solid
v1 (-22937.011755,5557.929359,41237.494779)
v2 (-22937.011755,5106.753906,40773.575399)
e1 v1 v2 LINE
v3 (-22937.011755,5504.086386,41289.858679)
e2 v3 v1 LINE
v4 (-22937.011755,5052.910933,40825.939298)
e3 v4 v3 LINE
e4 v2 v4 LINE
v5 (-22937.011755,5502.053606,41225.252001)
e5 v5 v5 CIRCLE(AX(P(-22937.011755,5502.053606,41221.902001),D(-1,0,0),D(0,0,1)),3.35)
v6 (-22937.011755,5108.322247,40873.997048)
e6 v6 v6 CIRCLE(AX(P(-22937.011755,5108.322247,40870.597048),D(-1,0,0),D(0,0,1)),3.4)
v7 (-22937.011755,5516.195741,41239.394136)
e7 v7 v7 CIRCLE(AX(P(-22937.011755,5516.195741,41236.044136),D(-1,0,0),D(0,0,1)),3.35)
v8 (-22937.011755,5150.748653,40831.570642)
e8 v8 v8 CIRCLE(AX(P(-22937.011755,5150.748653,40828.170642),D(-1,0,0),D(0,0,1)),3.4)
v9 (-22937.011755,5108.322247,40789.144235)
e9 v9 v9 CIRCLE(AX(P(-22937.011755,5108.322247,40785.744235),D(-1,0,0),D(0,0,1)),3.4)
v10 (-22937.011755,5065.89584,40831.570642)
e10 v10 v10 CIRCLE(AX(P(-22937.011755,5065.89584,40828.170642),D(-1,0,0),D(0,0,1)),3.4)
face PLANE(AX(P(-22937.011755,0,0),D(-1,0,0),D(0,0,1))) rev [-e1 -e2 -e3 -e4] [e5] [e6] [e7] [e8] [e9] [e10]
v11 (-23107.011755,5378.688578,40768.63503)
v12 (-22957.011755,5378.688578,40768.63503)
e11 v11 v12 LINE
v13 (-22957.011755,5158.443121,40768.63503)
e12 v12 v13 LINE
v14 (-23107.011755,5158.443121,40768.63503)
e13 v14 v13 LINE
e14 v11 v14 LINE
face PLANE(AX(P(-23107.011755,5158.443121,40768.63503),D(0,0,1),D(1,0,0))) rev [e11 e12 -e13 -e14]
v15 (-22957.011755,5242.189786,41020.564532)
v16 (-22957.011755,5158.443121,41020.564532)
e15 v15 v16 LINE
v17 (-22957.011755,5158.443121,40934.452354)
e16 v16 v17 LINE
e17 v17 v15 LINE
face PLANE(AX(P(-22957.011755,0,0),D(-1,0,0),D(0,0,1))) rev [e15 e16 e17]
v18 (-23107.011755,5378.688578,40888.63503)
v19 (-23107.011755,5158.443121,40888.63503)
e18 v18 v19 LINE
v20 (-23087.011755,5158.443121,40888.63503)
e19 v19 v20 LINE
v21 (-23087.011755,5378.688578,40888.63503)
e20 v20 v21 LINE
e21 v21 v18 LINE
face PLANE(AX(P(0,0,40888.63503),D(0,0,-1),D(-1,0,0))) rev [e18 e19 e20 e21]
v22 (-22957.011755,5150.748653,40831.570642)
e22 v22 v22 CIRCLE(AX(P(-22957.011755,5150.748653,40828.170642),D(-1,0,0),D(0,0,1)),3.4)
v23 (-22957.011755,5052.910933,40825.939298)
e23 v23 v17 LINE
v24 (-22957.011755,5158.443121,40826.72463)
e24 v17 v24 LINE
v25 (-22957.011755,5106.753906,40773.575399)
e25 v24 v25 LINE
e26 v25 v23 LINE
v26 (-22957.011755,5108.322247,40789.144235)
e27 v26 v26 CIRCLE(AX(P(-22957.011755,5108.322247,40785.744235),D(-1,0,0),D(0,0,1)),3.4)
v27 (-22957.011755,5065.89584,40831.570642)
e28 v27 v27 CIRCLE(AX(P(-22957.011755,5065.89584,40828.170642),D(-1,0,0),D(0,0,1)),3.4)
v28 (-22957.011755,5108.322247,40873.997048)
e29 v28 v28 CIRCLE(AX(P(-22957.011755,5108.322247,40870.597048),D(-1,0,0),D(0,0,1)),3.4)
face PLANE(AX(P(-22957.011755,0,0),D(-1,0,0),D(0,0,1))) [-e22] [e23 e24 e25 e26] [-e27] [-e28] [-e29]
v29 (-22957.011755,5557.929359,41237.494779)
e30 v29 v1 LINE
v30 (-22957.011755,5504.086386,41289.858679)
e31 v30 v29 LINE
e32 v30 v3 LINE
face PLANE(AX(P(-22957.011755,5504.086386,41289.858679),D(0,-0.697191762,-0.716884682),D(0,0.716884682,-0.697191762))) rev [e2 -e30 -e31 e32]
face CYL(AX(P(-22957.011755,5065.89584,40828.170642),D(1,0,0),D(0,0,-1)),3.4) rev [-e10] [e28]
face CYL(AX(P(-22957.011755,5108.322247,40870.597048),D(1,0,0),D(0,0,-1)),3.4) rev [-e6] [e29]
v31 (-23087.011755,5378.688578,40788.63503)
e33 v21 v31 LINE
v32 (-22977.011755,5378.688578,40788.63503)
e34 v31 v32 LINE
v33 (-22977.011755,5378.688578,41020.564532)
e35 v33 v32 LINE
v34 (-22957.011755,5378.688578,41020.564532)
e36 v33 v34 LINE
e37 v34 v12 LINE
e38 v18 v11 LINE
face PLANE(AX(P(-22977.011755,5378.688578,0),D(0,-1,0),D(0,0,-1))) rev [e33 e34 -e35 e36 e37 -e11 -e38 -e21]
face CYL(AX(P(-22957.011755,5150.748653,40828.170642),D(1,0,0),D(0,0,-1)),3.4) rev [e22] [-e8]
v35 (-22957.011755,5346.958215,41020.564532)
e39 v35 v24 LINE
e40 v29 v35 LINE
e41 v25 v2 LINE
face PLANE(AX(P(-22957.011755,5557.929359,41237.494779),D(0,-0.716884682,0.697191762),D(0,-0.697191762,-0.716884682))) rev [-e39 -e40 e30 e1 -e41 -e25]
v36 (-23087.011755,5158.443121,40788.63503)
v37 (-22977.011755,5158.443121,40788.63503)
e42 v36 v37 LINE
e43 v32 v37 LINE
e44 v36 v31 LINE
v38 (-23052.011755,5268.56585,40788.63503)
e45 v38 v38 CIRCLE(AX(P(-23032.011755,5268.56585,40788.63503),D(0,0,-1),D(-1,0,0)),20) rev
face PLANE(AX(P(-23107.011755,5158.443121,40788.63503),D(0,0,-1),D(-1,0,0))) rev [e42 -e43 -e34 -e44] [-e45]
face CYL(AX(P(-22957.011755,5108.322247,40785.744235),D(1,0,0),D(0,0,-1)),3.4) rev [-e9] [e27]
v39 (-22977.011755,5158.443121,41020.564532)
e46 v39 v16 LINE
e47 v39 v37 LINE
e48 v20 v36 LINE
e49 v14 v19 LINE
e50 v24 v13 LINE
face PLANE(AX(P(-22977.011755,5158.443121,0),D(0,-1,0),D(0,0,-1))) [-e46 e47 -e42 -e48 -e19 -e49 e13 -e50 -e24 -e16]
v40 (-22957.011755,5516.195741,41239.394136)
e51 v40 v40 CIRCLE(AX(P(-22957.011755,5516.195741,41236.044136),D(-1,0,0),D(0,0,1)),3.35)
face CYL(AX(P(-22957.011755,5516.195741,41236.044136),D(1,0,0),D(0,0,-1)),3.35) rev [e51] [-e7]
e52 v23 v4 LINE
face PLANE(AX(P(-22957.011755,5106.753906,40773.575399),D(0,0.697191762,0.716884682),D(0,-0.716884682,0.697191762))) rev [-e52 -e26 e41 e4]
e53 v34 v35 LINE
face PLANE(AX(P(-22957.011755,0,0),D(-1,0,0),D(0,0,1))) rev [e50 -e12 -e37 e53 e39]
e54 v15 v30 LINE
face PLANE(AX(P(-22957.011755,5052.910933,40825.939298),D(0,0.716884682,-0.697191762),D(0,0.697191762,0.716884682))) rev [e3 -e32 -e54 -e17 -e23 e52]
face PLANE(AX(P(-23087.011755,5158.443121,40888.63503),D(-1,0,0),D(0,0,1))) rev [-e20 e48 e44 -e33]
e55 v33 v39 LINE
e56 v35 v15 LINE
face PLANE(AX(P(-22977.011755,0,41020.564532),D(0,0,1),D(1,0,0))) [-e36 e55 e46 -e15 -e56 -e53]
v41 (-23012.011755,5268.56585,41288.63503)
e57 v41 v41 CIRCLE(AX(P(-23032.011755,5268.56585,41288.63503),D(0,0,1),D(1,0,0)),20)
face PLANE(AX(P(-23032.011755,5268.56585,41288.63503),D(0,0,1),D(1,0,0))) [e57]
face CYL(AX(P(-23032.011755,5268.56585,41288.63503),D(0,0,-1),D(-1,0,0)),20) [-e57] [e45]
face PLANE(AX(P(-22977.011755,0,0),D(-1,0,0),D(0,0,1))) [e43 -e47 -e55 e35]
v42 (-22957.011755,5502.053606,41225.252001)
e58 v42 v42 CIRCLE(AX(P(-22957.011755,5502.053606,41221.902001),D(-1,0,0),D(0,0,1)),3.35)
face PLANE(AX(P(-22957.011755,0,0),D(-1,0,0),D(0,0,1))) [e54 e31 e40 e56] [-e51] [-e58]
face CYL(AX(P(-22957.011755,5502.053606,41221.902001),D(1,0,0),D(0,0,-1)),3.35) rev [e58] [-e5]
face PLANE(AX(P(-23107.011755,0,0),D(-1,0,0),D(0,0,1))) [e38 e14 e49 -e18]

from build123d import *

# Parameters (mm, degrees)
SKETCH1_R           = 3.35
SKETCH1_R_2         = 3.4
BOSS_EXTRUDE1_DEPTH = 20
SKETCH2_W           = 231.929502284
SKETCH2_H           = 220.245456765
BOSS_EXTRUDE2_DEPTH = 20
SKETCH3_W           = 20
SKETCH3_H           = 220.245456765
BOSS_EXTRUDE3_DEPTH = 150
SKETCH4_W           = 20
SKETCH4_H           = 220.245456765
BOSS_EXTRUDE4_DEPTH = 100
SKETCH5_R           = 20
BOSS_EXTRUDE5_DEPTH = 500


with BuildPart() as part:
    # Sketch1 → Boss-Extrude1 (new body)
    with BuildSketch(Plane.ZY.offset(22937.011755361)):
        Polygon((41237.494779256, 5557.929358856), (40773.575398624, 5106.753906388), (40825.939297891, 5052.910933366), (41289.858678523, 5504.086385835), align=None)
        with Locations((41221.902000531, 5502.053605549)):
            Circle(SKETCH1_R, mode=Mode.SUBTRACT)
        with Locations((41236.044136152, 5516.195741176)):
            Circle(SKETCH1_R, mode=Mode.SUBTRACT)
        with Locations((40870.597048417, 5108.322246569)):
            Circle(SKETCH1_R_2, mode=Mode.SUBTRACT)
        with Locations((40828.170641545, 5065.895839698)):
            Circle(SKETCH1_R_2, mode=Mode.SUBTRACT)
        with Locations((40828.170641545, 5150.74865344)):
            Circle(SKETCH1_R_2, mode=Mode.SUBTRACT)
        with Locations((40785.744234674, 5108.322246569)):
            Circle(SKETCH1_R_2, mode=Mode.SUBTRACT)
    extrude(amount=BOSS_EXTRUDE1_DEPTH)

    # Sketch2 → Boss-Extrude2 (add)
    with BuildSketch(Plane.ZY.offset(22957.011755361)):
        with Locations((40904.599781001, 5268.565849628)):
            Rectangle(SKETCH2_W, SKETCH2_H)
    extrude(amount=BOSS_EXTRUDE2_DEPTH)

    # Sketch3 → Boss-Extrude3 (add)
    with BuildSketch(Plane.ZY.offset(22957.011755361)):
        with Locations((40778.635029859, 5268.565849628)):
            Rectangle(SKETCH3_W, SKETCH3_H)
    extrude(amount=BOSS_EXTRUDE3_DEPTH)

    # Sketch4 → Boss-Extrude4 (add)
    with BuildSketch(Plane.XY.offset(40788.635029859)):
        with Locations((-23097.01175536, 5268.565849628)):
            Rectangle(SKETCH4_W, SKETCH4_H)
    extrude(amount=BOSS_EXTRUDE4_DEPTH)

    # Sketch5 → Boss-Extrude5 (add)
    with BuildSketch(Plane.XY.offset(40788.635029859)):
        with Locations((-23032.01175536, 5268.565849628)):
            Circle(SKETCH5_R)
    extrude(amount=BOSS_EXTRUDE5_DEPTH)


solid = part.part
